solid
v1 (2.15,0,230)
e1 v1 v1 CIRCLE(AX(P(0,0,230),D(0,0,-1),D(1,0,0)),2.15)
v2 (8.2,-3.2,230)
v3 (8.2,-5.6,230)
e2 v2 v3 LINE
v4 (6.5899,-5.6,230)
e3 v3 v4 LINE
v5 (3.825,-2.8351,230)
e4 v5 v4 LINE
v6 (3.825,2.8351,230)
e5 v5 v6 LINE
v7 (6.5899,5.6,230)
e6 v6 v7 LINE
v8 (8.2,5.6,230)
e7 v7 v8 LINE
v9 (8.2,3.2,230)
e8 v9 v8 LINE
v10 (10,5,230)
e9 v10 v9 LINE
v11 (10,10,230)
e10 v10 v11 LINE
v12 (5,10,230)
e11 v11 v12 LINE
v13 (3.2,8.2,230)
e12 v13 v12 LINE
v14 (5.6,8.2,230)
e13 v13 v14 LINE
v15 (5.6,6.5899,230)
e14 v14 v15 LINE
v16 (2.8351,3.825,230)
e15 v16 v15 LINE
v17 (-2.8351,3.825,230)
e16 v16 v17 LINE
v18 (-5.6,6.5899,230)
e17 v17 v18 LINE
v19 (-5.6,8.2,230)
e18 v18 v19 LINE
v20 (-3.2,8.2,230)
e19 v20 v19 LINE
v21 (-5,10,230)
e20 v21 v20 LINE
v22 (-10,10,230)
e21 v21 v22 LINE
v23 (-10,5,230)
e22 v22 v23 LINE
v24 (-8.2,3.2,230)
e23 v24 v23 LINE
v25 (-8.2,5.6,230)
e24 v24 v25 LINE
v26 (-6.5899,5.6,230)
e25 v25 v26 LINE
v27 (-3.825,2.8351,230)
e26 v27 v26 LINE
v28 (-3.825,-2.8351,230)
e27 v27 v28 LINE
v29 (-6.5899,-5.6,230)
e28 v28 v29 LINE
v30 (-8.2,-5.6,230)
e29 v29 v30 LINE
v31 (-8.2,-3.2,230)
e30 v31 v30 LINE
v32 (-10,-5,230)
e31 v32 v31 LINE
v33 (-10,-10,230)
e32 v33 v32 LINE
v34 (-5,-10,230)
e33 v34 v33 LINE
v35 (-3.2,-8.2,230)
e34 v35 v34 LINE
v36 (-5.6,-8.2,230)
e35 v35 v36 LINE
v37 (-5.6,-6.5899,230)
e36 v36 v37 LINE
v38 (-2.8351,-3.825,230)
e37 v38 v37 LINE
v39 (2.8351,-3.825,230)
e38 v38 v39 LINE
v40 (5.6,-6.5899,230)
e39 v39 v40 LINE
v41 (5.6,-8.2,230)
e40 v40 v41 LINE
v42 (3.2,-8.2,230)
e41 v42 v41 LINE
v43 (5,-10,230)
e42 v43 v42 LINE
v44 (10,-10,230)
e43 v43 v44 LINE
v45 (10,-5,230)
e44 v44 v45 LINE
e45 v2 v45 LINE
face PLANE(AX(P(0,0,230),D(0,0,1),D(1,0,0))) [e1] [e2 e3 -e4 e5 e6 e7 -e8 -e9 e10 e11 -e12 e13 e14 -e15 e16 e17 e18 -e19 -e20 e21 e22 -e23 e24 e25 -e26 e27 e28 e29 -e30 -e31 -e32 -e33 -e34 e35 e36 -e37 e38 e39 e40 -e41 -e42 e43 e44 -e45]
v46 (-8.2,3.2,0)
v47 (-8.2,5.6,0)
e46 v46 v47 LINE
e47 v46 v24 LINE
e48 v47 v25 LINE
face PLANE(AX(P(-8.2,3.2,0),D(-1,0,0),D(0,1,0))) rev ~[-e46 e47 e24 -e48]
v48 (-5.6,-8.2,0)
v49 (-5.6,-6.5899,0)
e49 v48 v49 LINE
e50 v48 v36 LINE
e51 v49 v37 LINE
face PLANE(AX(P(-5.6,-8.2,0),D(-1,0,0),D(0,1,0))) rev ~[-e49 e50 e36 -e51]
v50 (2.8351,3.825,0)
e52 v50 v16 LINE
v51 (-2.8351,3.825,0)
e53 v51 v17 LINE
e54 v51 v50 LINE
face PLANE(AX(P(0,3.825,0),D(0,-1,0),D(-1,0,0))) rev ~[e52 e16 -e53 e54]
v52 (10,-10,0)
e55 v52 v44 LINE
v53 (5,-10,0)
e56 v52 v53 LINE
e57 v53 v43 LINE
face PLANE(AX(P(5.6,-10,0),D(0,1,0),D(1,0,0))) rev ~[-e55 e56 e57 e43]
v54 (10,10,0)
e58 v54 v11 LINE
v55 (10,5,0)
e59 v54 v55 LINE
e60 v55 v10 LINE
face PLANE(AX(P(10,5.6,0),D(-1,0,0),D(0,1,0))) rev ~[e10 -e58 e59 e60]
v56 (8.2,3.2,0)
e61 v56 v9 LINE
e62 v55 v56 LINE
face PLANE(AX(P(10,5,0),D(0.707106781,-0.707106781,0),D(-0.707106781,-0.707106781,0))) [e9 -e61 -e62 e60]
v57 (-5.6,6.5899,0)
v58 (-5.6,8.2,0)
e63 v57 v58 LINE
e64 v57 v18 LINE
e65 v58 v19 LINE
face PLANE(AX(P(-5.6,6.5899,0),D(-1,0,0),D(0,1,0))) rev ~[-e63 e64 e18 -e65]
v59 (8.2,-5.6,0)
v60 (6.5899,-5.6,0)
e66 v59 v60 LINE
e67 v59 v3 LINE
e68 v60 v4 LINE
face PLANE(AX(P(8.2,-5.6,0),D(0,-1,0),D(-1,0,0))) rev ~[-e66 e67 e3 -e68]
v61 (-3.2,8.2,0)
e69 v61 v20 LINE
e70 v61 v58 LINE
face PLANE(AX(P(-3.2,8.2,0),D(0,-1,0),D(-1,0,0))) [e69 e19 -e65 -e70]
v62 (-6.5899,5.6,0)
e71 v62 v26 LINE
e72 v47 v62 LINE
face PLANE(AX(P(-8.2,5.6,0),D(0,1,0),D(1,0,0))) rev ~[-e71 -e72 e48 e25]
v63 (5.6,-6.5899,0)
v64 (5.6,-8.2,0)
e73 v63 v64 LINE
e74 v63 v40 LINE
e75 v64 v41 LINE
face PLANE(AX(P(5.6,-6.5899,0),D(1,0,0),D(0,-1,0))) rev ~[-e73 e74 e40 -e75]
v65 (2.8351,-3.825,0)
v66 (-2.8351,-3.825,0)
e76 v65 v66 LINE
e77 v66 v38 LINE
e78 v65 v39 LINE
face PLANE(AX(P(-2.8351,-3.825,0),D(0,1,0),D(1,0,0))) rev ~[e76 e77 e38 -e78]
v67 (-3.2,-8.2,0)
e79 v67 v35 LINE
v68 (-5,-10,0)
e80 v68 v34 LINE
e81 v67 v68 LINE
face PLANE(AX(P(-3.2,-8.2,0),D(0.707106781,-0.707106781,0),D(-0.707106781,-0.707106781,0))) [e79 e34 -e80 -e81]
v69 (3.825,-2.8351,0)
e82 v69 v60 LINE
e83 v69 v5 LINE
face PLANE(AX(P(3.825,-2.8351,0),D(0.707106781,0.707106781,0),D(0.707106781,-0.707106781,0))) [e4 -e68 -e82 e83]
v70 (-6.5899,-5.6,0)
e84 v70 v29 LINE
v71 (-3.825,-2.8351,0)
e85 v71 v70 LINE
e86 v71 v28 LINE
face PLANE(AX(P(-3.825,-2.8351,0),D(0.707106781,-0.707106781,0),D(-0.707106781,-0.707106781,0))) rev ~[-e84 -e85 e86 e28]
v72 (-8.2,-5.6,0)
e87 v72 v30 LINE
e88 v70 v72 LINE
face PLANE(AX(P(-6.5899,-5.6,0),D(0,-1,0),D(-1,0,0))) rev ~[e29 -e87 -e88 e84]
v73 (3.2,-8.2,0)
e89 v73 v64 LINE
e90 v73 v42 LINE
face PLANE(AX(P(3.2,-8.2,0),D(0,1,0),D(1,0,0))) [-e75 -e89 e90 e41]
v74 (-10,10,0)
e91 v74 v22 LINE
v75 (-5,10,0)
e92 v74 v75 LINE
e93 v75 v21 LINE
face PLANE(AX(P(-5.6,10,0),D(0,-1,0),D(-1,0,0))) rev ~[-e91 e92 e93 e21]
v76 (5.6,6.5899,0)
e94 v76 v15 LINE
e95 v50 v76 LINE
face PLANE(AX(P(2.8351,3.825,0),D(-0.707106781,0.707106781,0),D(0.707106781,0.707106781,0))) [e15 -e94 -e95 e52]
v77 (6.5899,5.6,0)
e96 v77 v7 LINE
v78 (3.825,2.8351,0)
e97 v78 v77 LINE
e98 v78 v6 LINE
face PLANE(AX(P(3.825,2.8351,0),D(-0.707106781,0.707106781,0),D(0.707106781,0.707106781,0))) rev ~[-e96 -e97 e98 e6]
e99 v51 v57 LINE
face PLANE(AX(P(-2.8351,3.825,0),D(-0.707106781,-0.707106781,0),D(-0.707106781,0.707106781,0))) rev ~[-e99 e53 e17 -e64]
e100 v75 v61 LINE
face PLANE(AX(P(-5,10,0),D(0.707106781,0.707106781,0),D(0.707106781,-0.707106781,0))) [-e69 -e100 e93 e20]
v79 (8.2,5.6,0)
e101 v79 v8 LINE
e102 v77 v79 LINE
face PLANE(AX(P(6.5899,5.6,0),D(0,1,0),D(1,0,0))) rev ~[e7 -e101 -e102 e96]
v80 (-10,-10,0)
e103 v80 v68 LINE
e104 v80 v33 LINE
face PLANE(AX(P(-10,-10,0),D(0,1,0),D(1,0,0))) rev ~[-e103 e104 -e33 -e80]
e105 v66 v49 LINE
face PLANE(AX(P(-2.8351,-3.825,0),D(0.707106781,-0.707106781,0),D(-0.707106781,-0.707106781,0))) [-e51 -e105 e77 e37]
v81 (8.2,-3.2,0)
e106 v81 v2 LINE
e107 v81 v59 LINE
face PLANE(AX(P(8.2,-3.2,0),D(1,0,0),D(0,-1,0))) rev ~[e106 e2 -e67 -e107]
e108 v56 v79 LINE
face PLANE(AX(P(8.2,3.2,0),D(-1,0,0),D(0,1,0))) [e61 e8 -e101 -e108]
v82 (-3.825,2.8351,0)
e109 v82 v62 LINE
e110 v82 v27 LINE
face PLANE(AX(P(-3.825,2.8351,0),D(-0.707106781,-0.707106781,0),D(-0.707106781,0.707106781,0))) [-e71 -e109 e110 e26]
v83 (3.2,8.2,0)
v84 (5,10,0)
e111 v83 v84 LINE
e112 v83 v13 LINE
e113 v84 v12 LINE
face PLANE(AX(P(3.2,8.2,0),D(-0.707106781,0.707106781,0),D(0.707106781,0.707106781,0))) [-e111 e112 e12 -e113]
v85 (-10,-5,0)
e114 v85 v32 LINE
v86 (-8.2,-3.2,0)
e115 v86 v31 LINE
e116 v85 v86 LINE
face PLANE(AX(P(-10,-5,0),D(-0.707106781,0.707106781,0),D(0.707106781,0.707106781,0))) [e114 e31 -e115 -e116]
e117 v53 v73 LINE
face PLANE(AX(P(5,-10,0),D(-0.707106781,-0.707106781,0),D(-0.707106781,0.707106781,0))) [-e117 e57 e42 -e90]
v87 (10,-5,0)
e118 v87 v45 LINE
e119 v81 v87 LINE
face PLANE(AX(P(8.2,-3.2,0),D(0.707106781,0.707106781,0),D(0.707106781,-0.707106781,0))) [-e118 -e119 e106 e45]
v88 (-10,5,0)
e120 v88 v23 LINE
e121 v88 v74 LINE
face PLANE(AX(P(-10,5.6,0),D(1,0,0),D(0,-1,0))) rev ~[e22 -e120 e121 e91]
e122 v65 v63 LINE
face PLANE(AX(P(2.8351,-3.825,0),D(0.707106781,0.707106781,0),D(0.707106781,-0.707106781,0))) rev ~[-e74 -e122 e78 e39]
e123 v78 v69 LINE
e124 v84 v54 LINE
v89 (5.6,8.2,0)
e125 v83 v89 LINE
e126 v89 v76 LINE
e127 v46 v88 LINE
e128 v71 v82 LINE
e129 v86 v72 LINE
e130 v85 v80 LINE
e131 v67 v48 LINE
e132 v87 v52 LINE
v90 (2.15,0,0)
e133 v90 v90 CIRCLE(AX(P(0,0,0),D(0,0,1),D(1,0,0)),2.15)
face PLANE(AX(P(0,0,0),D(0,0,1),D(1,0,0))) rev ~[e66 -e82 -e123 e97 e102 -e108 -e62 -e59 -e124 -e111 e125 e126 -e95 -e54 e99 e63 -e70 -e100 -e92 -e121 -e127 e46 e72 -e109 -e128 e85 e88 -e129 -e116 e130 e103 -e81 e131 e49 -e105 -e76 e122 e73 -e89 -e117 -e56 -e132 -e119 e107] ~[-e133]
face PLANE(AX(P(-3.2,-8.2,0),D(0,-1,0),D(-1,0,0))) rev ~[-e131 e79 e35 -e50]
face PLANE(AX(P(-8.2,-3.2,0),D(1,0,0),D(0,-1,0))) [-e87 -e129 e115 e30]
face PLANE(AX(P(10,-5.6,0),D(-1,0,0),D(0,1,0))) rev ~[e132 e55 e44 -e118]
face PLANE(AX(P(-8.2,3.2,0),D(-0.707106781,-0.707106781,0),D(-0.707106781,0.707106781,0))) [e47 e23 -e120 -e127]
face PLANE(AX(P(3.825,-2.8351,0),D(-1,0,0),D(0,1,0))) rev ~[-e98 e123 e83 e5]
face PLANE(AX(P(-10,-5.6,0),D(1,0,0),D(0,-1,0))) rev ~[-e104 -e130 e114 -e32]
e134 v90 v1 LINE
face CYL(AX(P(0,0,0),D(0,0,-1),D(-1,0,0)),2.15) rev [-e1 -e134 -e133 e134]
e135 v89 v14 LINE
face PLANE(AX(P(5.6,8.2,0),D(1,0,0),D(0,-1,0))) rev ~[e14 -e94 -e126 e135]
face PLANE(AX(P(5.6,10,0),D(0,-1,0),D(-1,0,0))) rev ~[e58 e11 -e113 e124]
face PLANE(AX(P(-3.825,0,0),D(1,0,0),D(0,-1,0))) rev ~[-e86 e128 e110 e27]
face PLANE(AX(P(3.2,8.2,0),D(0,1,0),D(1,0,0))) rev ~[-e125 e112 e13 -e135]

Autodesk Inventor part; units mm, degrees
ref_plane "YZ Plane" through (0, 0, 0) normal (1, 0, 0) x (0, 1, 0)
ref_plane "XZ Plane" through (0, 0, 0) normal (0, 1, 0) x (-1, 0, 0)
ref_plane "XY Plane" through (0, 0, 0) normal (0, 0, 1) x (1, 0, 0)
sketch "Sketch1" plane through (0, 0, 0) normal (0, 0, 1) x (1, 0, 0)
  line L0 (-10, -10) -> (-5.6, -10)
  line L1 (-10, -5.6) -> (-10, -10)
  line L2 (-5.6, -10) -> (-5, -10)
  line L3 (-3.2, -8.2) -> (-5.6, -8.2)
  line L4 (-2.8351, -3.825) -> (-5.6, -6.5899)
  line L5 (-3.825, -2.8351) -> (-6.5899, -5.6)
  line L6 (0, 0) -> (0, -11) construction
  line L7 (0, 0) -> (-12, 0) construction
  line L8 (-3.2, -8.2) -> (-5, -10)
  line L9 (-6.5899, -5.6) -> (-8.2, -5.6)
  line L10 (-10, -5.6) -> (-10, -5)
  line L11 (-10, -5) -> (-8.2, -3.2)
  line L12 (-8.2, -3.2) -> (-8.2, -5.6)
  line L13 (-5.6, -8.2) -> (-5.6, -6.5899)
  arc A0 (-2.15, 0) -> (0, -2.15) centre (0, 0) ccw
  line L14 (0, 0) -> (-3.825, 0)
  line L15 (-3.825, 0) -> (-3.825, -2.8351)
  line L16 (-2.8351, -3.825) -> (0, -3.825)
  line L17 (0, -3.825) -> (0, 0)
  line L18 (-2.8351, -3.825) -> (-3.825, -3.825) construction
  line L19 (-3.825, -3.825) -> (-3.825, -2.8351) construction
  line L20 (3.825, -2.8351) -> (3.825, -3.825) construction
  line L21 (3.825, -2.8351) -> (3.825, 0)
  line L22 (3.825, -3.825) -> (2.8351, -3.825) construction
  line L23 (3.825, 0) -> (0, 0)
  line L24 (0, -3.825) -> (2.8351, -3.825)
  arc A1 (0, -2.15) -> (2.15, 0) centre (0, 0) ccw
  line L25 (0, 0) -> (0, -3.825)
  line L26 (2.8351, -3.825) -> (5.6, -6.5899)
  line L27 (0, 0) -> (0, -12) construction
  line L28 (0, 0) -> (11, 0) construction
  line L29 (3.825, -2.8351) -> (6.5899, -5.6)
  line L30 (8.2, -3.2) -> (8.2, -5.6)
  line L31 (10, -5.6) -> (10, -5)
  line L32 (8.2, -3.2) -> (10, -5)
  line L33 (8.2, -5.6) -> (6.5899, -5.6)
  line L34 (5.6, -6.5899) -> (5.6, -8.2)
  line L35 (10, -10) -> (10, -5.6)
  line L36 (5.6, -10) -> (10, -10)
  line L37 (3.2, -8.2) -> (5.6, -8.2)
  line L38 (5, -10) -> (3.2, -8.2)
  line L39 (5.6, -10) -> (5, -10)
  line L40 (2.8351, 3.825) -> (3.825, 3.825) construction
  line L41 (2.8351, 3.825) -> (0, 3.825)
  line L42 (3.825, 3.825) -> (3.825, 2.8351) construction
  line L43 (0, 3.825) -> (0, 0)
  line L44 (3.825, 0) -> (3.825, 2.8351)
  arc A2 (2.15, 0) -> (0, 2.15) centre (0, 0) ccw
  line L45 (0, 0) -> (3.825, 0)
  line L46 (3.825, 2.8351) -> (6.5899, 5.6)
  line L47 (0, 0) -> (12, 0) construction
  line L48 (0, 0) -> (0, 11) construction
  line L49 (2.8351, 3.825) -> (5.6, 6.5899)
  line L50 (3.2, 8.2) -> (5.6, 8.2)
  line L51 (5.6, 10) -> (5, 10)
  line L52 (3.2, 8.2) -> (5, 10)
  line L53 (5.6, 8.2) -> (5.6, 6.5899)
  line L54 (6.5899, 5.6) -> (8.2, 5.6)
  line L55 (10, 10) -> (5.6, 10)
  line L56 (10, 5.6) -> (10, 10)
  line L57 (8.2, 3.2) -> (8.2, 5.6)
  line L58 (10, 5) -> (8.2, 3.2)
  line L59 (10, 5.6) -> (10, 5)
  line L60 (-3.825, 2.8351) -> (-3.825, 3.825) construction
  line L61 (-3.825, 2.8351) -> (-3.825, 0)
  line L62 (-3.825, 3.825) -> (-2.8351, 3.825) construction
  line L63 (-3.825, 0) -> (0, 0)
  line L64 (0, 3.825) -> (-2.8351, 3.825)
  arc A3 (0, 2.15) -> (-2.15, 0) centre (0, 0) ccw
  line L65 (0, 0) -> (0, 3.825)
  line L66 (-2.8351, 3.825) -> (-5.6, 6.5899)
  line L67 (0, 0) -> (0, 12) construction
  line L68 (0, 0) -> (-11, 0) construction
  line L69 (-3.825, 2.8351) -> (-6.5899, 5.6)
  line L70 (-8.2, 3.2) -> (-8.2, 5.6)
  line L71 (-10, 5.6) -> (-10, 5)
  line L72 (-8.2, 3.2) -> (-10, 5)
  line L73 (-8.2, 5.6) -> (-6.5899, 5.6)
  line L74 (-5.6, 6.5899) -> (-5.6, 8.2)
  line L75 (-10, 10) -> (-10, 5.6)
  line L76 (-5.6, 10) -> (-10, 10)
  line L77 (-3.2, 8.2) -> (-5.6, 8.2)
  line L78 (-5, 10) -> (-3.2, 8.2)
  line L79 (-5.6, 10) -> (-5, 10)
  point P0 (0, 2.15)
  point P1 (2.15, 0)
  point P2 (0, -2.15)
  dimension "d16" = 10
  dimension "d19" = 3.2
  dimension "d21" = 4.4
  dimension "d22" = 4.4
  dimension "d24" = 45
  dimension "d25" = 1.8
  dimension "d27" = 1.8
  dimension "d28" = 45
  dimension "d29" = 3.2
  dimension "d31" = 1.4
  dimension "d33" = 2.15
  dimension "d34" = 3.825
  dimension "d35" = 3.825
  dimension "d36" = 135
  dimension "d39" = 360
extrude "Extrusion1" add sketch "Sketch1" along normal blind 230 contours L1 L10 L11 L12 L9 L5 L15 L14 A0 L17 L16 L4 L13 L3 L8 L2 L0 | L17 A1 L23 L21 L29 L33 L30 L32 L31 L35 L36 L39 L38 L37 L34 L26 L24 | L61 L69 L73 L70 L72 L71 L75 L76 L79 L78 L77 L74 L66 L64 L43 A3 L14 | A2 L43 L41 L49 L53 L50 L52 L51 L55 L56 L59 L58 L57 L54 L46 L44 L23
properties part number "AP20x20"
